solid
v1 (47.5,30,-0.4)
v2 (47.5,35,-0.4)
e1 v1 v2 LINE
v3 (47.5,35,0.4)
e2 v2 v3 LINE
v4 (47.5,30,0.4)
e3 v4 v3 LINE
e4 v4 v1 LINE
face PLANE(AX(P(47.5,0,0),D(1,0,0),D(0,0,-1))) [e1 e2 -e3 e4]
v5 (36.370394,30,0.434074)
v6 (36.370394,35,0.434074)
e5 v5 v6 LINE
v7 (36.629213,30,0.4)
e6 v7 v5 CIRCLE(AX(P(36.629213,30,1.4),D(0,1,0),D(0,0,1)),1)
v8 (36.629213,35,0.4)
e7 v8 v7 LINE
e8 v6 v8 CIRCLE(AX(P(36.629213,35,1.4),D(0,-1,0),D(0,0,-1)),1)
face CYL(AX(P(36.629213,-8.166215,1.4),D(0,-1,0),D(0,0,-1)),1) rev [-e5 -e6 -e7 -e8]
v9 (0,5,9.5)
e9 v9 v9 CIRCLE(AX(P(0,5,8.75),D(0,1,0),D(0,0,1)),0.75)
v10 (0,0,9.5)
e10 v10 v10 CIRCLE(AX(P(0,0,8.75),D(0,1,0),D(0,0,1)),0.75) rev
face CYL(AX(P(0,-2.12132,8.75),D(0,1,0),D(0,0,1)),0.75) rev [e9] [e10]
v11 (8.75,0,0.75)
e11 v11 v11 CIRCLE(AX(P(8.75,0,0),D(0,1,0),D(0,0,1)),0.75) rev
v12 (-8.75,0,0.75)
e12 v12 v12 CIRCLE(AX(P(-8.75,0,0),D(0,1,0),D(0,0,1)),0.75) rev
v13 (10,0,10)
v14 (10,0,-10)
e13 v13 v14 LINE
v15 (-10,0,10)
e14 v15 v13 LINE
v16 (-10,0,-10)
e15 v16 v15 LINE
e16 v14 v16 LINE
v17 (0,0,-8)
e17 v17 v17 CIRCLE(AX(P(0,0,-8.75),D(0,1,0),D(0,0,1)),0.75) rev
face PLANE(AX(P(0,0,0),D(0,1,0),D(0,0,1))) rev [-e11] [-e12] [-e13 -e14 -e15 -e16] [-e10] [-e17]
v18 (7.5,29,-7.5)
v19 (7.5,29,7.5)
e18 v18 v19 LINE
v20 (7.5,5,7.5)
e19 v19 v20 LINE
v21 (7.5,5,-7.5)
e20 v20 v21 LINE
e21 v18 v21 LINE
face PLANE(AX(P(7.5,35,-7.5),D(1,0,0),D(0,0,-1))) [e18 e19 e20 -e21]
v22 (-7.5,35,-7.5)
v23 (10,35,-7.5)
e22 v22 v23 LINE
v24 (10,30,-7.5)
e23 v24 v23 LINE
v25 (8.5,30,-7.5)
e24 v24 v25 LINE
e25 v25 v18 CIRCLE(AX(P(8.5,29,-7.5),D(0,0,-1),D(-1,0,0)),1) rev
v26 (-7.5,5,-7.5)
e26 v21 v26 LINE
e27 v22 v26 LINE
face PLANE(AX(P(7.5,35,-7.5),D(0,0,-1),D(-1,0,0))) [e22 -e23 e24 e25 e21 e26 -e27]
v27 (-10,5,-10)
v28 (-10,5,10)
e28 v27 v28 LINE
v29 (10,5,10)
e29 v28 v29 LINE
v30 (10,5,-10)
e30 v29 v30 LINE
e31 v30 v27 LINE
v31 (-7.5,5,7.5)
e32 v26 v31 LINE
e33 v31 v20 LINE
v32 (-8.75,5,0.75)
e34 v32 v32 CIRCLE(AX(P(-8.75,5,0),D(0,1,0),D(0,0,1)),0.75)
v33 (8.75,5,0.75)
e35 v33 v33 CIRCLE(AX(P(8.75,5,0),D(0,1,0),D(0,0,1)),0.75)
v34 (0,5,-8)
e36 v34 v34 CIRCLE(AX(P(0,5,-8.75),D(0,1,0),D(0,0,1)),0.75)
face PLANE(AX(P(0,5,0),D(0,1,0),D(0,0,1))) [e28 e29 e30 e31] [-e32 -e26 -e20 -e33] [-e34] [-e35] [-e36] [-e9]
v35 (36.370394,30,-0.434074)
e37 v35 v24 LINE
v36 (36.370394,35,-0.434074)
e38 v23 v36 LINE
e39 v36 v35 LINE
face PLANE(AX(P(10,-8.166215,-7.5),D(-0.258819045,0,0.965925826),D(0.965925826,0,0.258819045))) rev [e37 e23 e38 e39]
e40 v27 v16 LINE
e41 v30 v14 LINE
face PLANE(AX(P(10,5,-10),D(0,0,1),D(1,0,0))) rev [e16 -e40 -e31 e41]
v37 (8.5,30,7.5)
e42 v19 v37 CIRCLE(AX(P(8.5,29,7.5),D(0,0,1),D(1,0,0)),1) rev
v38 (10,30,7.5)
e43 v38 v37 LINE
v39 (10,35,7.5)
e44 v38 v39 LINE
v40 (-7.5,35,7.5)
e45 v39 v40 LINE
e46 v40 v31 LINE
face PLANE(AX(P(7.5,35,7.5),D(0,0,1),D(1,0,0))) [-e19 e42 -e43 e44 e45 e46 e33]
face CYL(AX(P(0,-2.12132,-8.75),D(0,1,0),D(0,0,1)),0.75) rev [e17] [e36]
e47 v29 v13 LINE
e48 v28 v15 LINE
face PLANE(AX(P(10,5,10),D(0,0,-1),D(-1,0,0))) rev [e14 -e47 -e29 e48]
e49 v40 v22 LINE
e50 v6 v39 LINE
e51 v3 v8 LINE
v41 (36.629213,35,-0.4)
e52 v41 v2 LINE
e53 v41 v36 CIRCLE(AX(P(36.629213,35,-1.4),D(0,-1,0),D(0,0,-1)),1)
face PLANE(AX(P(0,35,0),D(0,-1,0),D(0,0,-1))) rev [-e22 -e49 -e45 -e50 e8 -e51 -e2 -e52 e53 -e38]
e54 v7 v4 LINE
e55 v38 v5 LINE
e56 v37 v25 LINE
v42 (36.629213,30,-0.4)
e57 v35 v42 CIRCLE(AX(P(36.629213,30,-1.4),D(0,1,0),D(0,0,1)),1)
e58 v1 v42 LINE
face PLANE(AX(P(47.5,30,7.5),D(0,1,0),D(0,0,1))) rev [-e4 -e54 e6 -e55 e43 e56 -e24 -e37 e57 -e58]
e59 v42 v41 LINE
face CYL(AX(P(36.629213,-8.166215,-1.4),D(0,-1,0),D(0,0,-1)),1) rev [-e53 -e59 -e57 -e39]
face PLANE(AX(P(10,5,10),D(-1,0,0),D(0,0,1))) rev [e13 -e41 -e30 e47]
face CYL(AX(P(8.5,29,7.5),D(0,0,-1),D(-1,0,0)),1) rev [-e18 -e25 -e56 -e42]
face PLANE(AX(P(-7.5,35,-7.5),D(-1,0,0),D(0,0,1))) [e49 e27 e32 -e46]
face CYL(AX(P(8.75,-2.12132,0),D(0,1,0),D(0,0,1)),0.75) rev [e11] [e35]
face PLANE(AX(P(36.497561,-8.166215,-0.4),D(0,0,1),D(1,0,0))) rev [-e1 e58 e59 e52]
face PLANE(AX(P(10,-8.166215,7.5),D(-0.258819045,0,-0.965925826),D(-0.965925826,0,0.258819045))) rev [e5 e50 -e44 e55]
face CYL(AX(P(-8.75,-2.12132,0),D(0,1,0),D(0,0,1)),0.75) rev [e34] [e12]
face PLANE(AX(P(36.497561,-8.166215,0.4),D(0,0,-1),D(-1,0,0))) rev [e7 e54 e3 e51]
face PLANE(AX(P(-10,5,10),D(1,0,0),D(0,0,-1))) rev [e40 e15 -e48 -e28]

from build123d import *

# Parameters (mm, degrees)
ESQUISSE1_W             = 20
ESQUISSE1_H             = 20
BOSS_EXTRU_1_DEPTH      = 5
ESQUISSE2_W             = 15
ESQUISSE2_H             = 15
BOSS_EXTRU_2_DEPTH      = 35
ESQUISSE3_R             = 0.75
ENL_V_MAT_EXTRU_1_DEPTH = 5
ESQUISSE5_W             = 15
ESQUISSE5_H             = 5
BOSS_EXTRU_3_DEPTH      = 40
ENL_V_MAT_EXTRU_2_DEPTH = 5
CONG_1_R                = 1


with BuildPart() as part:
    # Esquisse1 → Boss.-Extru.1 (new body)
    with BuildSketch(Plane(origin=(0, 0, 0), x_dir=(1, 0, 0), z_dir=(0, 1, 0))):
        Rectangle(ESQUISSE1_W, ESQUISSE1_H)
    extrude(amount=BOSS_EXTRU_1_DEPTH)

    # Esquisse2 → Boss.-Extru.2 (add)
    with BuildSketch(Plane(origin=(0, 0, 0), x_dir=(-1, 0, 0), z_dir=(0, -1, 0))):
        Rectangle(ESQUISSE2_W, ESQUISSE2_H)
    extrude(amount=-BOSS_EXTRU_2_DEPTH)

    # Esquisse3 → Enlèv. mat.-Extru.1 (cut)
    with BuildSketch(Plane(origin=(0, 5, 0), x_dir=(1, 0, 0), z_dir=(0, 1, 0))):
        with Locations((-8.75, 0)):
            Circle(ESQUISSE3_R)
        with Locations((0, 8.75)):
            Circle(ESQUISSE3_R)
        with Locations((8.75, 0)):
            Circle(ESQUISSE3_R)
        with Locations((0, -8.75)):
            Circle(ESQUISSE3_R)
    extrude(amount=-ENL_V_MAT_EXTRU_1_DEPTH, mode=Mode.SUBTRACT)

    # Esquisse5 → Boss.-Extru.3 (add)
    with BuildSketch(Plane(origin=(7.5, 0, 0), x_dir=(0, 0, -1), z_dir=(1, 0, 0))):
        with Locations((0, 32.5)):
            Rectangle(ESQUISSE5_W, ESQUISSE5_H)
    extrude(amount=BOSS_EXTRU_3_DEPTH)

    # Esquisse6 → Enlèv. mat.-Extru.2 (cut)
    with BuildSketch(Plane(origin=(0, 35, 0), x_dir=(1, 0, 0), z_dir=(0, 1, 0))):
        Polygon((10, 7.5), (36.497560734, 0.4), (47.5, 0.4), (47.5, 7.5), align=None)
        Polygon((36.497560734, -0.4), (47.5, -0.4), (47.5, -7.5), (10, -7.5), align=None)
    extrude(amount=-ENL_V_MAT_EXTRU_2_DEPTH, mode=Mode.SUBTRACT)

    # Congé1
    cong_1_edges = [part.edges().sort_by_distance(p)[0] for p in [
        (7.5, 30, 0),
        (36.497560734, 32.5, -0.4),
        (36.497560734, 32.5, 0.4),
    ]]
    fillet(cong_1_edges, radius=CONG_1_R)


solid = part.part
